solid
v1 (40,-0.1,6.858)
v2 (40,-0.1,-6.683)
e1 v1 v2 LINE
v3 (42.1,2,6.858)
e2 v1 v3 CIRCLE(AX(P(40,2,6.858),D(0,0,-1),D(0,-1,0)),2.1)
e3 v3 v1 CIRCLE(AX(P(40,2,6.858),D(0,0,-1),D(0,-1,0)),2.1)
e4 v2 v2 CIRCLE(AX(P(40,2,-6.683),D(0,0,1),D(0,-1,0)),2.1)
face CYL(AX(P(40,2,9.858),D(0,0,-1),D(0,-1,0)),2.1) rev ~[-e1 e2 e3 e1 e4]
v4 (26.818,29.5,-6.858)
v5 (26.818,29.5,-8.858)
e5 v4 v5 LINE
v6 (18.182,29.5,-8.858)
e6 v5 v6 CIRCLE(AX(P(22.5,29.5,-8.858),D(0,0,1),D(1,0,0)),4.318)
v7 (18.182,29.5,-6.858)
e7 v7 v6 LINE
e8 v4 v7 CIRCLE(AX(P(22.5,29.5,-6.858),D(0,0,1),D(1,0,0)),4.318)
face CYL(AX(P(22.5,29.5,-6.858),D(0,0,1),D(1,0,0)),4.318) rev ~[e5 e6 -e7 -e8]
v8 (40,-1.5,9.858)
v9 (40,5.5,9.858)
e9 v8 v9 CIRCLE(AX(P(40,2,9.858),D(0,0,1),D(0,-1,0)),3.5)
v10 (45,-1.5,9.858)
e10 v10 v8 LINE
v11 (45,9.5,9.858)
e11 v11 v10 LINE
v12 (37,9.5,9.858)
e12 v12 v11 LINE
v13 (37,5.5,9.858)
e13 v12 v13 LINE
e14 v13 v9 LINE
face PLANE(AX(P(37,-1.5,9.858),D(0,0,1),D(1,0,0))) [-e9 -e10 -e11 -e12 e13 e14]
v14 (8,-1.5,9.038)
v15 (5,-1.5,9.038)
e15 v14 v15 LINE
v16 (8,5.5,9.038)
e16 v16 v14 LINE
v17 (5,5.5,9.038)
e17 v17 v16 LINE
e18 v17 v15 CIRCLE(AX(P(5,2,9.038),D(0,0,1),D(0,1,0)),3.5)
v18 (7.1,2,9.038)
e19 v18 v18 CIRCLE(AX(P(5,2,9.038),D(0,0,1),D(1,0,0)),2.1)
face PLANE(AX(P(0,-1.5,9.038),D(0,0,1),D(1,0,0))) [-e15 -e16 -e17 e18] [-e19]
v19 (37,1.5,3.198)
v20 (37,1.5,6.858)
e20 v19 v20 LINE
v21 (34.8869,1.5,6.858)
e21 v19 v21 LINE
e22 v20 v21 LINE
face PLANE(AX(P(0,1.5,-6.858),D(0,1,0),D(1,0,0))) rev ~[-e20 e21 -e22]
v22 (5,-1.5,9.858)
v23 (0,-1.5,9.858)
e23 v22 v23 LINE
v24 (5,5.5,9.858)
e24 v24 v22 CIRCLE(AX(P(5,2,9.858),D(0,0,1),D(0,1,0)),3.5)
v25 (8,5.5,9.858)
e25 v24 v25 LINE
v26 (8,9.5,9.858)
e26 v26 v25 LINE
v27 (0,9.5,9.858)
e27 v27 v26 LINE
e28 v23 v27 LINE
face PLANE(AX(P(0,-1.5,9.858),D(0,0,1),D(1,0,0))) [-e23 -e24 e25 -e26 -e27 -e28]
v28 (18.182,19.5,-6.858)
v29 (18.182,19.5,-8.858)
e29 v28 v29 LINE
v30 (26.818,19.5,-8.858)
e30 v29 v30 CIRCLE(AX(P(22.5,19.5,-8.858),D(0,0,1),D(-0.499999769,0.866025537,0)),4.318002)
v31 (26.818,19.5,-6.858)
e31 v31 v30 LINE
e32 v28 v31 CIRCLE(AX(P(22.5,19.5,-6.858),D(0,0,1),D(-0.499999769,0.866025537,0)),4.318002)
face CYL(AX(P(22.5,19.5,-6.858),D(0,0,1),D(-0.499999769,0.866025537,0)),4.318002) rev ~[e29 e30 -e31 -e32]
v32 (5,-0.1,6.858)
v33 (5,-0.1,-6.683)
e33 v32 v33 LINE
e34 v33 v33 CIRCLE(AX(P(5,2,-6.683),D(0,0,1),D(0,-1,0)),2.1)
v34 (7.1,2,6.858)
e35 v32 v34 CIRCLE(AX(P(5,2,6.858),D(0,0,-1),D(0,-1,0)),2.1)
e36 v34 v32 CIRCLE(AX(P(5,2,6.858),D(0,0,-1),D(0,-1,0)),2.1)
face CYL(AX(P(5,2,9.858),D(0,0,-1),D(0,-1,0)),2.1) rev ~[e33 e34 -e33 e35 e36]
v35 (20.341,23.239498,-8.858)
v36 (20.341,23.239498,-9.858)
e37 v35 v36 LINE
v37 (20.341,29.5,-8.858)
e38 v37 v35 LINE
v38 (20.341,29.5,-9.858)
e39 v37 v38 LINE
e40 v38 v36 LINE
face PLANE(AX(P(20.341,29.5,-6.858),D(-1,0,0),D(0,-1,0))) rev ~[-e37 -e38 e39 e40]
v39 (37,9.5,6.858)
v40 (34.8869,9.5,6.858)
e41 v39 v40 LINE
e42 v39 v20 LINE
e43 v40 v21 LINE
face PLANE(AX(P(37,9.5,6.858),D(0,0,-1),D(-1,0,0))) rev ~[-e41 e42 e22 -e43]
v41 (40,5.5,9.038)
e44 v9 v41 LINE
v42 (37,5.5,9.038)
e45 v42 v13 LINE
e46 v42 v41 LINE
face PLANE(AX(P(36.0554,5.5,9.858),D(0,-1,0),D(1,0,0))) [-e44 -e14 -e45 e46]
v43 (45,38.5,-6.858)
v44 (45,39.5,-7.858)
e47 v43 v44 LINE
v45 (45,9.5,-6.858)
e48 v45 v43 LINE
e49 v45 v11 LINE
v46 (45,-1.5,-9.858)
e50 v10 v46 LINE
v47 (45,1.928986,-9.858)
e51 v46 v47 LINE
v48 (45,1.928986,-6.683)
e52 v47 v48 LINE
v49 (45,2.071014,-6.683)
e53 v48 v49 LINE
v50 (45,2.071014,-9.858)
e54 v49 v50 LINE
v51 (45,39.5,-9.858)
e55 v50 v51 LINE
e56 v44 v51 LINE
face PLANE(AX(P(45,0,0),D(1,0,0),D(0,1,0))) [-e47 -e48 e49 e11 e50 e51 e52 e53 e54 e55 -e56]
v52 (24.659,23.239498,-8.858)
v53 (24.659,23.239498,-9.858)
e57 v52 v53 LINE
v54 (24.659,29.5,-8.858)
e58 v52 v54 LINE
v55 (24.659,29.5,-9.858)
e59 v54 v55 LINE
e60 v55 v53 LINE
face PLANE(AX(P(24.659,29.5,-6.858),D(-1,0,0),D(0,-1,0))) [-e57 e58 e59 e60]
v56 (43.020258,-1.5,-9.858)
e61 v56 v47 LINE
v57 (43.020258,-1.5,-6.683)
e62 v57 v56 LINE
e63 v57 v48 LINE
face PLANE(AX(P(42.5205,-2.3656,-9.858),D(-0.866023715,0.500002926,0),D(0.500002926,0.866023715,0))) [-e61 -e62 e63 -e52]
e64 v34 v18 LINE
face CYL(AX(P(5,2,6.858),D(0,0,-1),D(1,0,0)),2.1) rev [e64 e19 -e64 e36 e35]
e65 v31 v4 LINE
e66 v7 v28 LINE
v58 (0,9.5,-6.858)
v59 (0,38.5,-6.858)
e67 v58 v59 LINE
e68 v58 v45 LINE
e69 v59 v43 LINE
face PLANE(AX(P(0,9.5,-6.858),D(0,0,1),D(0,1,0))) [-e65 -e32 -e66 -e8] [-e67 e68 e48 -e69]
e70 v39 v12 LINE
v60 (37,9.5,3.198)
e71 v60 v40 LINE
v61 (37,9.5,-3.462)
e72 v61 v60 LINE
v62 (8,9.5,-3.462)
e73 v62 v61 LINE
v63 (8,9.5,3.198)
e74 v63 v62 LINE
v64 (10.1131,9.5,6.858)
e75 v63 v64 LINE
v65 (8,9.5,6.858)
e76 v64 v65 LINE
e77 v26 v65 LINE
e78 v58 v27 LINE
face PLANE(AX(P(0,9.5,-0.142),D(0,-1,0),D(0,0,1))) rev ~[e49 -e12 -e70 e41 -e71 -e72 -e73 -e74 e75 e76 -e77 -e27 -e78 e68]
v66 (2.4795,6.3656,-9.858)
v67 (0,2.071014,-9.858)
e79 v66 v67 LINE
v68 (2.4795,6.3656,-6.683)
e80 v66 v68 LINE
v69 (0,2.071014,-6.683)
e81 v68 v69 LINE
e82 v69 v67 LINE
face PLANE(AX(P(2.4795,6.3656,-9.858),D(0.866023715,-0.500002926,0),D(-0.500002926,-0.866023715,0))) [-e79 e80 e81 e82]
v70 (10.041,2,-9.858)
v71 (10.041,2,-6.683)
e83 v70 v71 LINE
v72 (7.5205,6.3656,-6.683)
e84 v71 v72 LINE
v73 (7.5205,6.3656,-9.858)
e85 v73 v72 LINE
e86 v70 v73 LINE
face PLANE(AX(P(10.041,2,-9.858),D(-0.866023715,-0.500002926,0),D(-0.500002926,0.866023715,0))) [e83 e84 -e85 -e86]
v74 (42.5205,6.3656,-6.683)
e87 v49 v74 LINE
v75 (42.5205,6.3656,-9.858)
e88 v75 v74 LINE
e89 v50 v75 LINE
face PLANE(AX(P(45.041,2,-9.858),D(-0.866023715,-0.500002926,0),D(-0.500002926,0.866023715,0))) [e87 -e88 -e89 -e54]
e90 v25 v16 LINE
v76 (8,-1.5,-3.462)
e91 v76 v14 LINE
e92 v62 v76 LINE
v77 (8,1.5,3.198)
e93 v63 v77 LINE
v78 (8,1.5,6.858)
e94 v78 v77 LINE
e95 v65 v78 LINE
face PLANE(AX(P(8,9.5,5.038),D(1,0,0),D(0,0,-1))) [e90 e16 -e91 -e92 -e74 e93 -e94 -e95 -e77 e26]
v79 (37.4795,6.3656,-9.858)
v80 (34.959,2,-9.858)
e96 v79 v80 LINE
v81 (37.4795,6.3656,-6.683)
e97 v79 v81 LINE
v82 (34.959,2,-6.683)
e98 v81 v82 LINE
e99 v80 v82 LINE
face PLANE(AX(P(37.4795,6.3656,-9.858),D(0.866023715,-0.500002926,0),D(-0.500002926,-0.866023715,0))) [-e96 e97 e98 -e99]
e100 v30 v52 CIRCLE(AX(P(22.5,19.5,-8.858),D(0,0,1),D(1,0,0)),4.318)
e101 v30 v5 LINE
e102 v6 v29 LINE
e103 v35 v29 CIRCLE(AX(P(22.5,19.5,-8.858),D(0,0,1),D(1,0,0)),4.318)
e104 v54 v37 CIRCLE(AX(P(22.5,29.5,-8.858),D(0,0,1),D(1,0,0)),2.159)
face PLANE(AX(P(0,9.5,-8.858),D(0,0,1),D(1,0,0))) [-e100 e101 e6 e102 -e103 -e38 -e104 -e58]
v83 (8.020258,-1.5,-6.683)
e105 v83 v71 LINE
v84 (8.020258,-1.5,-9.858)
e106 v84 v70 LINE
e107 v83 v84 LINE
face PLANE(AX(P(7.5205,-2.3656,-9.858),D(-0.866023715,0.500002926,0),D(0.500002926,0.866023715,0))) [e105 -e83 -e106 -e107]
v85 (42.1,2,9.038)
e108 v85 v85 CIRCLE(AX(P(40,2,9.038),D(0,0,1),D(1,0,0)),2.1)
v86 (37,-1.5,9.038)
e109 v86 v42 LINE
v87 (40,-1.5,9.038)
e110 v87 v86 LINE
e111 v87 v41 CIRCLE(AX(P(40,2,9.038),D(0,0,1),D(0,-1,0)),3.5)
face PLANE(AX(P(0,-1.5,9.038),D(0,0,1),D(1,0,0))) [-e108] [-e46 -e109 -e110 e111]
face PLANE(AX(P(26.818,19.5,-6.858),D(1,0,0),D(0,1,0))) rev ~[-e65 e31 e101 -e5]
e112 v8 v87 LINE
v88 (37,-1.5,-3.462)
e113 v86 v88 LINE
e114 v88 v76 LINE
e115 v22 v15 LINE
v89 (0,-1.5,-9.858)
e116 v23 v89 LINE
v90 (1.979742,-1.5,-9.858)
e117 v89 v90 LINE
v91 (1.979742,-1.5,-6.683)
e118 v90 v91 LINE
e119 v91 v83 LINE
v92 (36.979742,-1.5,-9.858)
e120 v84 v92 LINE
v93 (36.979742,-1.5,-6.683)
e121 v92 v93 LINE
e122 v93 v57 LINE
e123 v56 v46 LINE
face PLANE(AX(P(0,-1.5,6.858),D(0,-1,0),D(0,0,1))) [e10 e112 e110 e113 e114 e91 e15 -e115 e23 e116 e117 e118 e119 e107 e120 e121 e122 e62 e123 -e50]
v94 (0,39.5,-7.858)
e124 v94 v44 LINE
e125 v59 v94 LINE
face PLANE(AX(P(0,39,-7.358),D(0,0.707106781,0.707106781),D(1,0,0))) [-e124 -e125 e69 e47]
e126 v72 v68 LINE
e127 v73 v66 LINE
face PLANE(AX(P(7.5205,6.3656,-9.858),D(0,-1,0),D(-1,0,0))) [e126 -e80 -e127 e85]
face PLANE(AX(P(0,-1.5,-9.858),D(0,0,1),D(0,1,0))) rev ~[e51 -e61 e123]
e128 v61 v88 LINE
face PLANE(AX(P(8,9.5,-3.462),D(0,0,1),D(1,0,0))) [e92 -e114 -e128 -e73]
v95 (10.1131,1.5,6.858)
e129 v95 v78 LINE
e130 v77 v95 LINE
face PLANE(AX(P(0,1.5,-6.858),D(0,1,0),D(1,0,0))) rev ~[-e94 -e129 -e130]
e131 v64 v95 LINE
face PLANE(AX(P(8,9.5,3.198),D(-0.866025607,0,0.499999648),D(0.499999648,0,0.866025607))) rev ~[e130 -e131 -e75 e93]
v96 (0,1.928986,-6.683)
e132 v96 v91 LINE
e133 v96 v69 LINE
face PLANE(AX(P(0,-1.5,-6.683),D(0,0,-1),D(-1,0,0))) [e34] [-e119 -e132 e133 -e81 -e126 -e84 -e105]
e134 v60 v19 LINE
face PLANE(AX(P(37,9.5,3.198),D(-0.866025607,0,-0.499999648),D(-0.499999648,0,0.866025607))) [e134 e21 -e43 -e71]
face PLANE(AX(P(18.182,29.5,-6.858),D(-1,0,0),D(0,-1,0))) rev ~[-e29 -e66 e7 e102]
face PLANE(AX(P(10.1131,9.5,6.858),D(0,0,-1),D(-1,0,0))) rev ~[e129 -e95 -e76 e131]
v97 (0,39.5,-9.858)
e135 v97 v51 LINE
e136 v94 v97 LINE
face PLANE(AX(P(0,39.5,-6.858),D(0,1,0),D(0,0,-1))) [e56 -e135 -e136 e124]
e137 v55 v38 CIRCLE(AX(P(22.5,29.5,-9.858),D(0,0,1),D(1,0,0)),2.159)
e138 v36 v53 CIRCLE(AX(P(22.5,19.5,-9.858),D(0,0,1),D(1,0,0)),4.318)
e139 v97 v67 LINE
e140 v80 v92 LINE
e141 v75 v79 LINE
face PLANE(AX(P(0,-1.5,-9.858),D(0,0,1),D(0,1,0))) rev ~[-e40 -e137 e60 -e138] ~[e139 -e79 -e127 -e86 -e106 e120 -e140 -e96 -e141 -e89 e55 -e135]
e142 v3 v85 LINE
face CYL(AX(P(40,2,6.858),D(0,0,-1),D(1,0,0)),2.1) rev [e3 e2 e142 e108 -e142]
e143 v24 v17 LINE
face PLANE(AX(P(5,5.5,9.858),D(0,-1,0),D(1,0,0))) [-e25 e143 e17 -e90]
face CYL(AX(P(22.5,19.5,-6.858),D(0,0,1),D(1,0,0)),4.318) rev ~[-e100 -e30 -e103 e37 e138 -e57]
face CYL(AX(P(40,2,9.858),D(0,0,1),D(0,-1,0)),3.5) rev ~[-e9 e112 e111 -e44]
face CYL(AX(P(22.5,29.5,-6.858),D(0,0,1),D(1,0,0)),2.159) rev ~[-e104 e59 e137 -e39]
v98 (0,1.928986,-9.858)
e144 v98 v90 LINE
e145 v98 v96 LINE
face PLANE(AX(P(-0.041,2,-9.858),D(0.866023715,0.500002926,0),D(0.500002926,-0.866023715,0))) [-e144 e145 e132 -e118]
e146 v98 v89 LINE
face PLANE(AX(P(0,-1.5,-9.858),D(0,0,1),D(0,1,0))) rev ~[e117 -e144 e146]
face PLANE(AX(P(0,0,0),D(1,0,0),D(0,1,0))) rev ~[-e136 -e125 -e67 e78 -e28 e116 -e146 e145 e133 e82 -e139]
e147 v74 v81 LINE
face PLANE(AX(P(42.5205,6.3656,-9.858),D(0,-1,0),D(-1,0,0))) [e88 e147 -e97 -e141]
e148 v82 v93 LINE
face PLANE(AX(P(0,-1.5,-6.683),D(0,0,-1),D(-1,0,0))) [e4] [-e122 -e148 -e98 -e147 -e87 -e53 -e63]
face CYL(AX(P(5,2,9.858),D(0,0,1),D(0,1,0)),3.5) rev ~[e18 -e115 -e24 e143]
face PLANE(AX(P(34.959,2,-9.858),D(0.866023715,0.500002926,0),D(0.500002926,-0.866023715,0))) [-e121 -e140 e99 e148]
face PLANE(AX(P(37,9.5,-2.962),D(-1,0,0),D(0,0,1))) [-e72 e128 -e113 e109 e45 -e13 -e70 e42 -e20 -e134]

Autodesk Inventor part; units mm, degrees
ref_plane "YZ Plane" through (0, 0, 0) normal (1, 0, 0) x (0, 1, 0)
ref_plane "XZ Plane" through (0, 0, 0) normal (0, 1, 0) x (-1, 0, 0)
ref_plane "XY Plane" through (0, 0, 0) normal (0, 0, 1) x (1, 0, 0)
sketch "Sketch1" plane through (0, 0, 0) normal (1, 0, 0) x (0, 1, 0)
  line L0 (-1.5, 6.858) -> (1.5, 6.858)
  line L1 (1.5, 6.858) -> (1.5, -6.858)
  line L2 (1.5, -6.858) -> (-1.5, -6.858)
  line L3 (-1.5, -6.858) -> (-1.5, 6.858)
  line L4 (-1.5, 6.858) -> (1.5, -6.858) construction
  line L5 (1.5, 6.858) -> (-1.5, -6.858) construction
  line L6 (1.5, 6.858) -> (39.5, 6.858)
  line L7 (39.5, 6.858) -> (39.5, 9.858)
  line L8 (39.5, 9.858) -> (1.5, 9.858)
  line L9 (1.5, 9.858) -> (1.5, 6.858)
  line L10 (1.5, -6.858) -> (39.5, -6.858)
  line L11 (39.5, -6.858) -> (39.5, -9.858)
  line L12 (39.5, -9.858) -> (1.5, -9.858)
  line L13 (1.5, -9.858) -> (1.5, -6.858)
  line L14 (9.5, 6.858) -> (1.5, 6.858)
  line L15 (1.5, 6.858) -> (1.5, -0.142)
  line L16 (1.5, -0.142) -> (9.5, -0.142)
  line L17 (9.5, -0.142) -> (9.5, 6.858)
  line L18 (9.5, -6.858) -> (1.5, -6.858)
  line L19 (1.5, -6.858) -> (1.5, -0.142)
  line L20 (1.5, -0.142) -> (9.5, -0.142)
  line L21 (9.5, -0.142) -> (9.5, -6.858)
  line L22 (9.5, -0.142) -> (1.5, -0.142)
  line L23 (1.5, 6.858) -> (-1.5, 6.858)
  line L24 (-1.5, 6.858) -> (-1.5, 9.858)
  line L25 (-1.5, 9.858) -> (1.5, 9.858)
  line L26 (1.5, 9.858) -> (1.5, 6.858)
  line L27 (1.5, -6.858) -> (-1.5, -6.858)
  line L28 (-1.5, -6.858) -> (-1.5, -9.858)
  line L29 (-1.5, -9.858) -> (1.5, -9.858)
  line L30 (1.5, -9.858) -> (1.5, -6.858)
  point P0 (0, 0)
  dimension "d0" = 3
  dimension "d2" = 13.716
  dimension "d3" = 3
  dimension "d4" = 3
  dimension "d5" = 38
  dimension "d6" = 38
  dimension "d7" = 0
  dimension "d8" = 8
  dimension "d9" = 8
  dimension "d12" = 7
  dimension "d13" = 6.716
extrude "Extrusion1" add sketch "Sketch1" along normal blind 45
sketch "Sketch2" plane through (0, -1.5, 9.858) normal (0, 0, 1) x (1, 0, 0)
  line L0 (5, 7) -> (8.9446, 7)
  arc A0 (5, 7) -> (5, 0) centre (5, 3.5) ccw
  line L1 (8.9446, 0) -> (5, 0)
  arc A1 (13.3822, 14.1239) -> (31.6178, 14.1239) centre (22.5, 3.5) ccw
  line L2 (13.3822, 14.1239) -> (13.3822, 15.7096)
  line L3 (13.6751, 16.4167) -> (15.15, 17.8916)
  arc A2 (13.6751, 16.4167) -> (13.3822, 15.7096) centre (14.3822, 15.7096) ccw
  arc A3 (16.15, 20.3916) -> (15.15, 19.3916) centre (16.15, 19.3916) ccw
  line L4 (15.15, 19.3916) -> (15.15, 17.8916)
  line L5 (28.85, 20.3916) -> (16.15, 20.3916)
  arc A4 (29.85, 19.3916) -> (28.85, 20.3916) centre (28.85, 19.3916) ccw
  line L6 (29.85, 17.8916) -> (29.85, 19.3916)
  line L7 (31.3249, 16.4167) -> (29.85, 17.8916)
  line L8 (31.6178, 15.7096) -> (31.6178, 14.1239)
  arc A5 (31.6178, 15.7096) -> (31.3249, 16.4167) centre (30.6178, 15.7096) ccw
  line L9 (40, 7) -> (36.0554, 7)
  arc A6 (40, 0) -> (40, 7) centre (40, 3.5) ccw
  line L10 (36.0554, 0) -> (40, 0)
  line L11 (40, 7) -> (36.0554, 7)
  arc A7 (40, 0) -> (40, 7) centre (40, 3.5) ccw
  line L12 (36.0554, 0) -> (40, 0)
  line L13 (8.9446, 0) -> (5, 0)
  line L14 (36.0554, 0) -> (40, 0)
  line L15 (0, 41) -> (0, 0)
  line L16 (0, 0) -> (45, 0)
  line L17 (45, 41) -> (45, 0)
  line L18 (0, 41) -> (45, 41)
  line L19 (5, 7) -> (8.9446, 7)
  arc A8 (5, 7) -> (5, 0) centre (5, 3.5) ccw
sketch "Sketch3" plane through (0, -1.5, 9.858) normal (0, 0, 1) x (1, 0, 0)
  line L0 (0, 0) -> (45, 0)
  line L1 (45, 41) -> (45, 0)
  point P0 (0, 41)
  point P1 (0, 1.5)
  point P2 (5, 3.5)
  point P3 (40, 3.5)
  dimension "d16" = 35
  dimension "d18" = 5
  dimension "d19" = 45
  dimension "d20" = 3.5
  dimension "d21" = 3.5
hole "Hole1" at (5, 2, 9.858) at (40, 2, 9.858) direction (0, 0, -1) diameter 4.2 end through all
extrude "Extrusion2" cut sketch "Sketch2" against normal blind 0.82 contours A1 L2 A2 L3 L4 A3 L5 A4 L6 L7 A5 L8 L16 | L16 A1
sketch "Sketch4" plane through (0, -1.5, 9.858) normal (0, 0, 1) x (1, 0, 0)
  arc A0 (36.0554, 0) -> (31.6178, 14.1239) centre (22.5, 3.5) ccw
  line L0 (36.0554, 0) -> (45, 0)
  arc A1 (13.3822, 14.1239) -> (8.9446, 0) centre (22.5, 3.5) ccw
  circle A2 centre (5, 3.5) radius 2.1
  circle A3 centre (40, 3.5) radius 2.1
  arc A4 (5, 7) -> (5, 0) centre (5, 3.5) ccw
  line L1 (5, 7) -> (8.9446, 7)
  line L2 (8.9446, 0) -> (5, 0)
  arc A5 (13.3822, 14.1239) -> (31.6178, 14.1239) centre (22.5, 3.5) ccw
  arc A6 (13.3822, 14.1239) -> (31.6178, 14.1239) centre (22.5, 3.5) ccw
  line L3 (40, 7) -> (36.0554, 7)
  arc A7 (40, 0) -> (40, 7) centre (40, 3.5) ccw
  line L4 (36.0554, 0) -> (40, 0)
  point P0 (0, 1.5)
extrude "Extrusion3" cut sketch "Sketch4" against normal blind 0.82
sketch "Sketch5" plane through (0, -1.5, -9.858) normal (0, 0, -1) x (-1, 0, 0)
  circle A0 centre (-5, 3.5) radius 2.1
  circle A1 centre (-40, 3.5) radius 2.1
  line L0 (-34.959, 3.5) -> (-37.4795, -0.8656)
  line L1 (-37.4795, -0.8656) -> (-42.5205, -0.8656)
  line L2 (-42.5205, -0.8656) -> (-45.041, 3.5)
  line L3 (-45.041, 3.5) -> (-42.5205, 7.8656)
  line L4 (-42.5205, 7.8656) -> (-37.4795, 7.8656)
  line L5 (-37.4795, 7.8656) -> (-34.959, 3.5)
  line L6 (0.041, 3.5) -> (-2.4795, -0.8656)
  line L7 (-2.4795, -0.8656) -> (-7.5205, -0.8656)
  line L8 (-7.5205, -0.8656) -> (-10.041, 3.5)
  line L9 (-10.041, 3.5) -> (-7.5205, 7.8656)
  line L10 (-7.5205, 7.8656) -> (-2.4795, 7.8656)
  line L11 (-2.4795, 7.8656) -> (0.041, 3.5)
  point P0 (0, 1.5)
  point P1 (-40, 3.5)
  point P2 (-5, 3.5)
  dimension "d33" = 8.7312
  dimension "d34" = 8.7312
extrude "Extrusion4" cut sketch "Sketch5" against normal blind 3.175
sketch "Sketch6" plane through (0, 9.5, 6.858) normal (0, 1, 0) x (1, 0, 0)
  line L0 (7.5, 1.82) -> (37.5, 1.82)
  line L1 (37.5, 9.82) -> (7.5, 9.82)
  line L2 (7.5, 1.82) -> (7.5, 9.82)
  line L3 (37.5, 1.82) -> (37.5, 9.82)
  line L4 (7, 10.32) -> (38, 10.32)
  line L5 (38, 10.32) -> (38, 1.32)
  line L6 (38, 1.32) -> (7, 1.32)
  line L7 (7, 1.32) -> (7, 10.32)
  line L8 (8, 10.32) -> (37, 10.32)
  line L9 (37, 10.32) -> (37, 1.32)
  line L10 (37, 1.32) -> (8, 1.32)
  line L11 (8, 1.32) -> (8, 10.32)
  line L12 (0, 0) -> (45, 0)
  line L13 (8, 1.32) -> (37, 1.32)
  line L14 (37, 1.32) -> (37, 0)
  line L15 (37, 0) -> (8, 0)
  line L16 (8, 0) -> (8, 1.32)
  point P0 (0, 6.858)
  dimension "d37" = 0.5
  dimension "d56" = 1
  dimension "d57" = 1
chamfer "Chamfer1" distance 1 angle 45 2 edges at (22.5, 39.5, -6.858) (22.5, 39.5, 6.858)
sketch "Sketch7" plane through (0, 9.5, -6.858) normal (0, 0, 1) x (1, 0, 0)
  line L0 (0, 29) -> (0, 0)
  line L1 (0, 0) -> (45, 0)
  line L2 (45, 29) -> (45, 0)
  circle A0 centre (22.5, 10) radius 4.318
  line L3 (22.5, 10) -> (22.5, 20)
  circle A1 centre (22.5, 20) radius 2.159
  line L4 (20.341, 20) -> (20.341, 6.2605)
  line L5 (24.659, 20) -> (24.659, 6.2605)
  point P0 (0, -9.5)
  dimension "d43" = 8.636
  dimension "d45" = 10
  dimension "d46" = 4.318
  dimension "d47" = 22.5
  dimension "d48" = 45
  dimension "d49" = 10
extrude "Extrusion6" cut sketch "Sketch7" against normal through all
sketch "Sketch8" plane through (0, 9.5, -6.858) normal (0, 0, 1) x (1, 0, 0)
  arc A0 (20.341, 13.7395) -> (24.659, 13.7395) centre (22.5, 10) ccw
  line L0 (20.341, 13.7395) -> (20.341, 20)
  arc A1 (24.659, 20) -> (20.341, 20) centre (22.5, 20) ccw
  line L1 (24.659, 20) -> (24.659, 13.7395)
  line L2 (45, 29) -> (45, 0)
  circle A2 centre (22.5, 20) radius 4.318
  line L3 (18.182, 20) -> (18.182, 10)
  line L4 (26.818, 10) -> (26.818, 20)
  point P0 (0, -9.5)
  dimension "d52" = 4.318
  dimension "d53" = 8.636
extrude "Extrusion7" cut sketch "Sketch8" against normal blind 2 contours L0 A2 L1 A0 | A0 L3 A2 L0 | A2 L1 A1 L0 | A0 L1 A2 L4 picked at (24.9024, 17.6839)
extrude "Extrusion8" cut sketch "Sketch6" against normal through all contours L11 L1 L9 L0 | L0 L9 L6 L11 | L6 L14 L12 L16 | L11 L4 L9 L1
sketch "Sketch9" plane through (0, 0, 0) normal (-1, 0, 0) x (0, 0, 1)
  line L0 (37.1954, 50) -> (6.858, 50)
  line L1 (6.858, 50) -> (6.858, -18)
  line L2 (6.858, -18) -> (37.1954, -18)
  line L3 (37.1954, -18) -> (37.1954, 50)
  point P0 (0, 0)
extrude "Extrusion9" cut sketch "Sketch9" against normal through all
sketch "Sketch10" plane through (0, -1.5, 6.858) normal (0, 0, 1) x (1, 0, 0)
  line L0 (0, 11) -> (8, 11)
  line L1 (0, 0) -> (0, 11)
  line L2 (8, 0) -> (0, 0)
  line L3 (8, 11) -> (8, 0)
  circle A0 centre (5, 3.5) radius 2.1
  line L4 (7.5, 10.5) -> (0.5, 10.5)
  line L5 (0.5, 10.5) -> (0.5, 0.5)
  line L6 (0.5, 0.5) -> (7.5, 0.5)
  line L7 (7.5, 0.5) -> (7.5, 10.5)
  point P0 (0, 1.5)
  dimension "d62" = 0.5
extrude "Extrusion10" add sketch "Sketch10" along normal blind 3 contours L0 L3 L2 L1 | L7 L6 L5 L4
sketch "Sketch11" plane through (37, -1.5, 6.858) normal (0, 0, 1) x (1, 0, 0)
  line L0 (0, 11) -> (0, 0)
  line L1 (8, 0) -> (0, 0)
  line L2 (8, 11) -> (8, 0)
  line L3 (0, 11) -> (8, 11)
  circle A0 centre (3, 3.5) radius 2.1
  line L4 (7.5, 10.5) -> (7.5, 0.5)
  line L5 (7.5, 0.5) -> (0.5, 0.5)
  line L6 (0.5, 0.5) -> (0.5, 10.5)
  line L7 (0.5, 10.5) -> (7.5, 10.5)
  point P0 (-37, 1.5)
  dimension "d65" = 0.5
extrude "Extrusion11" add sketch "Sketch11" along normal blind 3 contours L3 L2 L1 L0 | L4 L5 L6 L7
sketch "Sketch12" plane through (0, -1.5, 9.858) normal (0, 0, 1) x (1, 0, 0)
  circle A0 centre (5, 3.5) radius 2.1
  circle A1 centre (40, 3.5) radius 2.1
  circle A2 centre (5, 3.5) radius 2.1
  line L0 (40, 0) -> (5, 0)
  arc A3 (40, 0) -> (40, 7) centre (40, 3.5) ccw
  line L1 (36.0554, 7) -> (40, 7)
  arc A4 (36.0554, 7) -> (31.6178, 14.1239) centre (22.5, 3.5) ccw
  line L2 (31.6178, 15.7096) -> (31.6178, 14.1239)
  arc A5 (31.6178, 15.7096) -> (31.3249, 16.4167) centre (30.6178, 15.7096) ccw
  line L3 (29.85, 17.8916) -> (31.3249, 16.4167)
  line L4 (29.85, 19.3916) -> (29.85, 17.8916)
  arc A6 (29.85, 19.3916) -> (28.85, 20.3916) centre (28.85, 19.3916) ccw
  line L5 (16.15, 20.3916) -> (28.85, 20.3916)
  arc A7 (16.15, 20.3916) -> (15.15, 19.3916) centre (16.15, 19.3916) ccw
  line L6 (15.15, 17.8916) -> (15.15, 19.3916)
  line L7 (13.6751, 16.4167) -> (15.15, 17.8916)
  arc A8 (13.6751, 16.4167) -> (13.3822, 15.7096) centre (14.3822, 15.7096) ccw
  line L8 (13.3822, 14.1239) -> (13.3822, 15.7096)
  arc A9 (13.3822, 14.1239) -> (8.9446, 7) centre (22.5, 3.5) ccw
  line L9 (5, 7) -> (8.9446, 7)
  arc A10 (5, 7) -> (5, 0) centre (5, 3.5) ccw
  point P0 (0, 1.5)
extrude "Extrusion12" cut sketch "Sketch12" against normal blind 0.82
sketch "Sketch13" plane through (0, 9.5, -6.858) normal (0, 1, 0) x (1, 0, 0)
  line L0 (37, -3.396) -> (37, -16.716)
  line L1 (8, -16.716) -> (8, -3.396)
  line L2 (45, -14.716) -> (45, -13.716)
  line L3 (45, -13.716) -> (0, -13.716)
  line L4 (0, -13.716) -> (0, -14.716)
  line L5 (0, -14.716) -> (45, -14.716)
  line L6 (8, -10.056) -> (10.1131, -13.716)
  line L7 (37, -10.056) -> (34.8869, -13.716)
  line L8 (37, -10.056) -> (37, -13.716)
  line L9 (37, -13.716) -> (34.8869, -13.716)
  line L10 (10.1131, -13.716) -> (8, -13.716)
  line L11 (8, -13.716) -> (8, -10.056)
  point P0 (0, -6.858)
  dimension "d70" = 30
  dimension "d71" = 30
extrude "Extrusion13" add sketch "Sketch13" against normal blind 8 contours L0 L3 L7 | L3 L1 L6
equation "\"d2\" = StretcherDepth"
equation "\"d6\" = d5"
equation "\"d9\" = d8"
equation "\"d47\" = 0.5 * d48"
equation "\"d53\" = 2 * d52"
properties part number "MotorClipV3Back" material "ABS Plastic"
